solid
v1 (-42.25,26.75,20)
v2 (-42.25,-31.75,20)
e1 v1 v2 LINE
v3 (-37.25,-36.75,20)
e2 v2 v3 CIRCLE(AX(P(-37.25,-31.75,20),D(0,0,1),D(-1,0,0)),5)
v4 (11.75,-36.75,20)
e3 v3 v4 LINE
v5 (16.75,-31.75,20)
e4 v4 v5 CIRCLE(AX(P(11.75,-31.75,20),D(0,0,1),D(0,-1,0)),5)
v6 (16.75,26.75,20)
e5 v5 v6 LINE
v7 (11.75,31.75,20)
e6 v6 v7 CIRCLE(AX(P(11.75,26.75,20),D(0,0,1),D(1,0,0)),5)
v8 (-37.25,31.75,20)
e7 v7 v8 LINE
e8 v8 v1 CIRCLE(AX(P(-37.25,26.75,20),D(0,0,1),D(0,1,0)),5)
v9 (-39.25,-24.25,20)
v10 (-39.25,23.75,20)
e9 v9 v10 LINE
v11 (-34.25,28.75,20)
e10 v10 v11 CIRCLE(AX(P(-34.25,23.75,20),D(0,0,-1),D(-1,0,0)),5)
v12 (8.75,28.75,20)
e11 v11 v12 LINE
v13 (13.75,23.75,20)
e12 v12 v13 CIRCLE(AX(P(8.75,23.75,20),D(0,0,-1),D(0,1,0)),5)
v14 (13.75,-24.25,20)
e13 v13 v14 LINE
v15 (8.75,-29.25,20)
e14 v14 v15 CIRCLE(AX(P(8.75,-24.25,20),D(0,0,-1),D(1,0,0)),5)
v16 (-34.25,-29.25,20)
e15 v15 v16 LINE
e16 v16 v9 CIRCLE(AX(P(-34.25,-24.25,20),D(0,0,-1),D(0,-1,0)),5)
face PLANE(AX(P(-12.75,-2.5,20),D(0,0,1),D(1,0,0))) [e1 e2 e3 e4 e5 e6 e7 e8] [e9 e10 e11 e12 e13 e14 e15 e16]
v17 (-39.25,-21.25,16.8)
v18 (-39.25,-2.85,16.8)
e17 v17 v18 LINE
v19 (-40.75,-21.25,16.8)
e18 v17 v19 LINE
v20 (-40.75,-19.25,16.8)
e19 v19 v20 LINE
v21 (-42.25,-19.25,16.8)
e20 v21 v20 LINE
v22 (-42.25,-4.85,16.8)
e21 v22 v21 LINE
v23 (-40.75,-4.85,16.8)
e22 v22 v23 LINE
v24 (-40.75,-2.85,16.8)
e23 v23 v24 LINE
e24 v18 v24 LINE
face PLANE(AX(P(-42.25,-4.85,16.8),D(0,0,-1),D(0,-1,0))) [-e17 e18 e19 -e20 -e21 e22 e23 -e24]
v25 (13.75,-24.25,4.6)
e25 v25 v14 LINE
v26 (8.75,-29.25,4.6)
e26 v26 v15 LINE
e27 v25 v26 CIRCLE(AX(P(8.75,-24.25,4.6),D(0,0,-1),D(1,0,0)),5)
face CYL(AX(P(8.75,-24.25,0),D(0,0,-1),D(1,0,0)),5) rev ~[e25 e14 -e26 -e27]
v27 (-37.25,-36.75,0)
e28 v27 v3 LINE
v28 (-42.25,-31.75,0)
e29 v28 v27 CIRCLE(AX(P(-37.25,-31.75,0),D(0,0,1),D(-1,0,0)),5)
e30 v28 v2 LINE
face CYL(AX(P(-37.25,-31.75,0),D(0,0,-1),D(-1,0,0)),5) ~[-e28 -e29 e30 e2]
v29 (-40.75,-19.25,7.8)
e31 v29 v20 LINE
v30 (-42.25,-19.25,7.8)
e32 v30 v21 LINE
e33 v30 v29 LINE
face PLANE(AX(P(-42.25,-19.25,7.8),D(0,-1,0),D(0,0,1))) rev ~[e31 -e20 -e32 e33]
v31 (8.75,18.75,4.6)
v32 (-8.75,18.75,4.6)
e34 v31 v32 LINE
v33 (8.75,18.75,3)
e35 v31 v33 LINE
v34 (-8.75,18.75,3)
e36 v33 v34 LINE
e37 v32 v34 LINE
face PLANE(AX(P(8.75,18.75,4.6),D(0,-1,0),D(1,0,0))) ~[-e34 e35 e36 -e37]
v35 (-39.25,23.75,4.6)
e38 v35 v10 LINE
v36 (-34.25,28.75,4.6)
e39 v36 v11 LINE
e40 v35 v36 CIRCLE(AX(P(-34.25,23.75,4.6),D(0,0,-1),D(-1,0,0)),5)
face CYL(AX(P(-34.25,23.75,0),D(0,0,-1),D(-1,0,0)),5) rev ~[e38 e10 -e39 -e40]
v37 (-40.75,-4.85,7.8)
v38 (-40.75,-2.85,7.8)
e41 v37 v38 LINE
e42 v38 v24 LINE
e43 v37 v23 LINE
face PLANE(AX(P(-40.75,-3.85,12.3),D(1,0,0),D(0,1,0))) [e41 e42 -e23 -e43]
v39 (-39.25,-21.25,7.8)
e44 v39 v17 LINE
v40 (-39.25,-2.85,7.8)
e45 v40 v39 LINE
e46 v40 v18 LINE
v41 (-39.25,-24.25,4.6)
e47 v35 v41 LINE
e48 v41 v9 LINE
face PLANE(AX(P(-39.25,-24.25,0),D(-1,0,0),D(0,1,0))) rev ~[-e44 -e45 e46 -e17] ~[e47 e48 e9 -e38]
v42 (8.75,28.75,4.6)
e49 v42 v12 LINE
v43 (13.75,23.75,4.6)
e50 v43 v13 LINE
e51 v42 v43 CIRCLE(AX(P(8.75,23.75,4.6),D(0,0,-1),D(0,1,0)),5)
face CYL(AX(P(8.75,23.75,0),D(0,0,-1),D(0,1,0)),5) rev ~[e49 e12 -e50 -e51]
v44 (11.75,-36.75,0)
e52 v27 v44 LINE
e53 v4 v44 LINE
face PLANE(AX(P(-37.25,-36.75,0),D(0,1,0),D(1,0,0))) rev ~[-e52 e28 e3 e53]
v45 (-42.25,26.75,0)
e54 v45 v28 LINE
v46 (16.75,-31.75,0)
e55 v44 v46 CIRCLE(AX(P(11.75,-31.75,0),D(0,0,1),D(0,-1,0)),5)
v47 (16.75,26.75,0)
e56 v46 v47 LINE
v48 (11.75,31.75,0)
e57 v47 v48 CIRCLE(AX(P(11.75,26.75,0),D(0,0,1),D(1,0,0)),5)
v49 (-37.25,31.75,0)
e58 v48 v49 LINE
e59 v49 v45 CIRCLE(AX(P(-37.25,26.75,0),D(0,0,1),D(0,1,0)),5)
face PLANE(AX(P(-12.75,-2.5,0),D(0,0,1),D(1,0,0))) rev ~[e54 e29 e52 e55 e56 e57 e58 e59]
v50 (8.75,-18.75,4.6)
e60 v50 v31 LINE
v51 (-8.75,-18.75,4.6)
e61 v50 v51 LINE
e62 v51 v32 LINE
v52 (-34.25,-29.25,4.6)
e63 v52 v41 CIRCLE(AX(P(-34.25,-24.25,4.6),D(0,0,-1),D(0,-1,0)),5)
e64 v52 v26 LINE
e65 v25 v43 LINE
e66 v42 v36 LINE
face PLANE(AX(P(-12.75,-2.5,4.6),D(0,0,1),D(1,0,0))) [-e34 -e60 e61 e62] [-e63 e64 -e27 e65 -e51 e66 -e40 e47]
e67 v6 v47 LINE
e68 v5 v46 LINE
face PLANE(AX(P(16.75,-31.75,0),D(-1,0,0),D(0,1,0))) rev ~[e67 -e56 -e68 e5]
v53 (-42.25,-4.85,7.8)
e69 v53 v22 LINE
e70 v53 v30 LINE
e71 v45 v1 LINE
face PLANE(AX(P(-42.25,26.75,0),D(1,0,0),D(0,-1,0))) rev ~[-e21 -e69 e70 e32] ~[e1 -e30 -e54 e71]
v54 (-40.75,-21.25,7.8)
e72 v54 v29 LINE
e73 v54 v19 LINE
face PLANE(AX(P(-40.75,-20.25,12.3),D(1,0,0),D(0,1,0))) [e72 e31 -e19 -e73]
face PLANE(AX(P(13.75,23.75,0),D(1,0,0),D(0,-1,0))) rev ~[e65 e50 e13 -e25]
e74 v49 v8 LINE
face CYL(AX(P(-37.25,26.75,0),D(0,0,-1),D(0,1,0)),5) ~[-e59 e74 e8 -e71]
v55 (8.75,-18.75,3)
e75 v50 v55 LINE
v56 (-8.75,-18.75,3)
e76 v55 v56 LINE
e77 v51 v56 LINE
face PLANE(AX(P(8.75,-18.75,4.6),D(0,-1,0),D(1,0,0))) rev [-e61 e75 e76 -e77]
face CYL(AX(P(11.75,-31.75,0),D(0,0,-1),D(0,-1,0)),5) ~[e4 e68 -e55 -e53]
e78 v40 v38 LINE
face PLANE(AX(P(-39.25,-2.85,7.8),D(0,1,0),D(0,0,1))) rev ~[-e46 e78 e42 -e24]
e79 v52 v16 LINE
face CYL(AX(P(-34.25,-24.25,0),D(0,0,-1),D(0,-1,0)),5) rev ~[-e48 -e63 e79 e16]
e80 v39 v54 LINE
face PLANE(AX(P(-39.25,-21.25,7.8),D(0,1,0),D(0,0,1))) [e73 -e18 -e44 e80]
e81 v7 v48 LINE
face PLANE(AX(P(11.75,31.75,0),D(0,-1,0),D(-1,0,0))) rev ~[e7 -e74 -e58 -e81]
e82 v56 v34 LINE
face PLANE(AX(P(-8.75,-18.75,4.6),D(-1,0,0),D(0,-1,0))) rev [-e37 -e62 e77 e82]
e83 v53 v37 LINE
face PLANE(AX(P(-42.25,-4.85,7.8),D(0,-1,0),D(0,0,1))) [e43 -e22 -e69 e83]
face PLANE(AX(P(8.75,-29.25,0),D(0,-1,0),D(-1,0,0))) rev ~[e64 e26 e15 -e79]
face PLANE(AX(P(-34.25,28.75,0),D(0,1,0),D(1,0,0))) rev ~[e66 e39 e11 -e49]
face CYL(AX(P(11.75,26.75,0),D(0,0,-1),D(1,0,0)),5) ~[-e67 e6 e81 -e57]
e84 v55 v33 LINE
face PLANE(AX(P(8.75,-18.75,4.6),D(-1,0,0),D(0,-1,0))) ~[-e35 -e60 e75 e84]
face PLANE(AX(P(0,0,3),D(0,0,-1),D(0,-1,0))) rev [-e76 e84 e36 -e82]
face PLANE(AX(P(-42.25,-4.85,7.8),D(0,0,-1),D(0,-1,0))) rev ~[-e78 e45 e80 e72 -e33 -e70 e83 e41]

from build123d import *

# Parameters (mm, degrees)
F0_W      = 47.5
F0_H      = 27.5
F0_W_2    = 37.5
F0_H_2    = 17.5
F1_DEPTH  = 4.6
F2_DEPTH  = 1.6
F7_ANGLE  = 90
F8_W      = 17.5
F8_H      = 37.5
F9_DEPTH  = 4.6
F10_DEPTH = 20
F11_W     = 14.4
F11_H     = 9
F12_DEPTH = 3
F13_W     = 2
F13_H     = 9
F14_DEPTH = 1.5


with BuildPart() as f1:
    # F0 (on Top) → F1 (new body)
    with BuildSketch(Plane.XY):
        Rectangle(F0_W, F0_H)
        Rectangle(F0_W_2, F0_H_2, mode=Mode.SUBTRACT)
        Rectangle(F0_W_2, F0_H_2)
    extrude(amount=F1_DEPTH)

    # F0 (on Top) → F2 (cut)
    with BuildSketch(Plane.XY):
        Rectangle(F0_W_2, F0_H_2)
    extrude(amount=F2_DEPTH, mode=Mode.SUBTRACT)


with BuildPart() as f4_1:
    # F4: instance of F1
    add(f1.part.mirror(Plane.XY.offset(2.3)))


with BuildPart() as f4_1_1:
    # F7: moved
    add(f4_1.part.rotate(Axis((0, 0, 16.2241663784), (0, 0, 1)), F7_ANGLE))

    # F8 (on Top) → F9 (join, through all)
    with BuildSketch(Plane.XY):
        with BuildLine():
            Line((11.75, 31.75), (-37.25, 31.75))
            ThreePointArc((-37.25, 31.75), (-40.7855339059, 30.2855339059), (-42.25, 26.75))
            Line((-42.25, 26.75), (-42.25, -31.75))
            ThreePointArc((-42.25, -31.75), (-40.7855339059, -35.2855339059), (-37.25, -36.75))
            Line((-37.25, -36.75), (11.75, -36.75))
            ThreePointArc((11.75, -36.75), (15.2855339059, -35.2855339059), (16.75, -31.75))
            Line((16.75, -31.75), (16.75, 26.75))
            ThreePointArc((16.75, 26.75), (15.2855339059, 30.2855339059), (11.75, 31.75))
        make_face()
        with BuildLine():
            ThreePointArc((-34.25, -29.25), (-37.7855339059, -27.7855339059), (-39.25, -24.25))
            Line((-39.25, -24.25), (-39.25, 23.75))
            ThreePointArc((-39.25, 23.75), (-37.7855339059, 27.2855339059), (-34.25, 28.75))
            Line((-34.25, 28.75), (8.75, 28.75))
            ThreePointArc((8.75, 28.75), (12.2855339059, 27.2855339059), (13.75, 23.75))
            Line((13.75, 23.75), (13.75, -24.25))
            ThreePointArc((13.75, -24.25), (12.2855339059, -27.7855339059), (8.75, -29.25))
            Line((8.75, -29.25), (-34.25, -29.25))
        make_face(mode=Mode.SUBTRACT)
        with BuildLine():
            Line((-39.25, 23.75), (-39.25, -24.25))
            ThreePointArc((-39.25, -24.25), (-37.7855339059, -27.7855339059), (-34.25, -29.25))
            Line((-34.25, -29.25), (8.75, -29.25))
            ThreePointArc((8.75, -29.25), (12.2855339059, -27.7855339059), (13.75, -24.25))
            Line((13.75, -24.25), (13.75, 23.75))
            ThreePointArc((13.75, 23.75), (12.2855339059, 27.2855339059), (8.75, 28.75))
            Line((8.75, 28.75), (-34.25, 28.75))
            ThreePointArc((-34.25, 28.75), (-37.7855339059, 27.2855339059), (-39.25, 23.75))
        make_face()
        Rectangle(F8_W, F8_H, mode=Mode.SUBTRACT)
    extrude(amount=F9_DEPTH)

    # F8 (on Top) → F10 (join)
    with BuildSketch(Plane.XY):
        with BuildLine():
            Line((11.75, 31.75), (-37.25, 31.75))
            ThreePointArc((-37.25, 31.75), (-40.7855339059, 30.2855339059), (-42.25, 26.75))
            Line((-42.25, 26.75), (-42.25, -31.75))
            ThreePointArc((-42.25, -31.75), (-40.7855339059, -35.2855339059), (-37.25, -36.75))
            Line((-37.25, -36.75), (11.75, -36.75))
            ThreePointArc((11.75, -36.75), (15.2855339059, -35.2855339059), (16.75, -31.75))
            Line((16.75, -31.75), (16.75, 26.75))
            ThreePointArc((16.75, 26.75), (15.2855339059, 30.2855339059), (11.75, 31.75))
        make_face()
        with BuildLine():
            ThreePointArc((-34.25, -29.25), (-37.7855339059, -27.7855339059), (-39.25, -24.25))
            Line((-39.25, -24.25), (-39.25, 23.75))
            ThreePointArc((-39.25, 23.75), (-37.7855339059, 27.2855339059), (-34.25, 28.75))
            Line((-34.25, 28.75), (8.75, 28.75))
            ThreePointArc((8.75, 28.75), (12.2855339059, 27.2855339059), (13.75, 23.75))
            Line((13.75, 23.75), (13.75, -24.25))
            ThreePointArc((13.75, -24.25), (12.2855339059, -27.7855339059), (8.75, -29.25))
            Line((8.75, -29.25), (-34.25, -29.25))
        make_face(mode=Mode.SUBTRACT)
    extrude(amount=F10_DEPTH)

    # F11 (on face) → F12 (cut, through all)
    with BuildSketch(Plane(origin=(-42.25, 0, 0), x_dir=(0, -1, 0), z_dir=(-1, 0, 0))):
        with Locations((12.05, 12.3)):
            Rectangle(F11_W, F11_H)
    extrude(amount=-F12_DEPTH, mode=Mode.SUBTRACT)

    # F13 (on face) → F14 (cut)
    with BuildSketch(Plane.YZ.offset(-39.25)):
        with Locations((-20.25, 12.3)):
            Rectangle(F13_W, F13_H)
        with Locations((-3.85, 12.3)):
            Rectangle(F13_W, F13_H)
    extrude(amount=-F14_DEPTH, mode=Mode.SUBTRACT)


solid = f4_1_1.part
